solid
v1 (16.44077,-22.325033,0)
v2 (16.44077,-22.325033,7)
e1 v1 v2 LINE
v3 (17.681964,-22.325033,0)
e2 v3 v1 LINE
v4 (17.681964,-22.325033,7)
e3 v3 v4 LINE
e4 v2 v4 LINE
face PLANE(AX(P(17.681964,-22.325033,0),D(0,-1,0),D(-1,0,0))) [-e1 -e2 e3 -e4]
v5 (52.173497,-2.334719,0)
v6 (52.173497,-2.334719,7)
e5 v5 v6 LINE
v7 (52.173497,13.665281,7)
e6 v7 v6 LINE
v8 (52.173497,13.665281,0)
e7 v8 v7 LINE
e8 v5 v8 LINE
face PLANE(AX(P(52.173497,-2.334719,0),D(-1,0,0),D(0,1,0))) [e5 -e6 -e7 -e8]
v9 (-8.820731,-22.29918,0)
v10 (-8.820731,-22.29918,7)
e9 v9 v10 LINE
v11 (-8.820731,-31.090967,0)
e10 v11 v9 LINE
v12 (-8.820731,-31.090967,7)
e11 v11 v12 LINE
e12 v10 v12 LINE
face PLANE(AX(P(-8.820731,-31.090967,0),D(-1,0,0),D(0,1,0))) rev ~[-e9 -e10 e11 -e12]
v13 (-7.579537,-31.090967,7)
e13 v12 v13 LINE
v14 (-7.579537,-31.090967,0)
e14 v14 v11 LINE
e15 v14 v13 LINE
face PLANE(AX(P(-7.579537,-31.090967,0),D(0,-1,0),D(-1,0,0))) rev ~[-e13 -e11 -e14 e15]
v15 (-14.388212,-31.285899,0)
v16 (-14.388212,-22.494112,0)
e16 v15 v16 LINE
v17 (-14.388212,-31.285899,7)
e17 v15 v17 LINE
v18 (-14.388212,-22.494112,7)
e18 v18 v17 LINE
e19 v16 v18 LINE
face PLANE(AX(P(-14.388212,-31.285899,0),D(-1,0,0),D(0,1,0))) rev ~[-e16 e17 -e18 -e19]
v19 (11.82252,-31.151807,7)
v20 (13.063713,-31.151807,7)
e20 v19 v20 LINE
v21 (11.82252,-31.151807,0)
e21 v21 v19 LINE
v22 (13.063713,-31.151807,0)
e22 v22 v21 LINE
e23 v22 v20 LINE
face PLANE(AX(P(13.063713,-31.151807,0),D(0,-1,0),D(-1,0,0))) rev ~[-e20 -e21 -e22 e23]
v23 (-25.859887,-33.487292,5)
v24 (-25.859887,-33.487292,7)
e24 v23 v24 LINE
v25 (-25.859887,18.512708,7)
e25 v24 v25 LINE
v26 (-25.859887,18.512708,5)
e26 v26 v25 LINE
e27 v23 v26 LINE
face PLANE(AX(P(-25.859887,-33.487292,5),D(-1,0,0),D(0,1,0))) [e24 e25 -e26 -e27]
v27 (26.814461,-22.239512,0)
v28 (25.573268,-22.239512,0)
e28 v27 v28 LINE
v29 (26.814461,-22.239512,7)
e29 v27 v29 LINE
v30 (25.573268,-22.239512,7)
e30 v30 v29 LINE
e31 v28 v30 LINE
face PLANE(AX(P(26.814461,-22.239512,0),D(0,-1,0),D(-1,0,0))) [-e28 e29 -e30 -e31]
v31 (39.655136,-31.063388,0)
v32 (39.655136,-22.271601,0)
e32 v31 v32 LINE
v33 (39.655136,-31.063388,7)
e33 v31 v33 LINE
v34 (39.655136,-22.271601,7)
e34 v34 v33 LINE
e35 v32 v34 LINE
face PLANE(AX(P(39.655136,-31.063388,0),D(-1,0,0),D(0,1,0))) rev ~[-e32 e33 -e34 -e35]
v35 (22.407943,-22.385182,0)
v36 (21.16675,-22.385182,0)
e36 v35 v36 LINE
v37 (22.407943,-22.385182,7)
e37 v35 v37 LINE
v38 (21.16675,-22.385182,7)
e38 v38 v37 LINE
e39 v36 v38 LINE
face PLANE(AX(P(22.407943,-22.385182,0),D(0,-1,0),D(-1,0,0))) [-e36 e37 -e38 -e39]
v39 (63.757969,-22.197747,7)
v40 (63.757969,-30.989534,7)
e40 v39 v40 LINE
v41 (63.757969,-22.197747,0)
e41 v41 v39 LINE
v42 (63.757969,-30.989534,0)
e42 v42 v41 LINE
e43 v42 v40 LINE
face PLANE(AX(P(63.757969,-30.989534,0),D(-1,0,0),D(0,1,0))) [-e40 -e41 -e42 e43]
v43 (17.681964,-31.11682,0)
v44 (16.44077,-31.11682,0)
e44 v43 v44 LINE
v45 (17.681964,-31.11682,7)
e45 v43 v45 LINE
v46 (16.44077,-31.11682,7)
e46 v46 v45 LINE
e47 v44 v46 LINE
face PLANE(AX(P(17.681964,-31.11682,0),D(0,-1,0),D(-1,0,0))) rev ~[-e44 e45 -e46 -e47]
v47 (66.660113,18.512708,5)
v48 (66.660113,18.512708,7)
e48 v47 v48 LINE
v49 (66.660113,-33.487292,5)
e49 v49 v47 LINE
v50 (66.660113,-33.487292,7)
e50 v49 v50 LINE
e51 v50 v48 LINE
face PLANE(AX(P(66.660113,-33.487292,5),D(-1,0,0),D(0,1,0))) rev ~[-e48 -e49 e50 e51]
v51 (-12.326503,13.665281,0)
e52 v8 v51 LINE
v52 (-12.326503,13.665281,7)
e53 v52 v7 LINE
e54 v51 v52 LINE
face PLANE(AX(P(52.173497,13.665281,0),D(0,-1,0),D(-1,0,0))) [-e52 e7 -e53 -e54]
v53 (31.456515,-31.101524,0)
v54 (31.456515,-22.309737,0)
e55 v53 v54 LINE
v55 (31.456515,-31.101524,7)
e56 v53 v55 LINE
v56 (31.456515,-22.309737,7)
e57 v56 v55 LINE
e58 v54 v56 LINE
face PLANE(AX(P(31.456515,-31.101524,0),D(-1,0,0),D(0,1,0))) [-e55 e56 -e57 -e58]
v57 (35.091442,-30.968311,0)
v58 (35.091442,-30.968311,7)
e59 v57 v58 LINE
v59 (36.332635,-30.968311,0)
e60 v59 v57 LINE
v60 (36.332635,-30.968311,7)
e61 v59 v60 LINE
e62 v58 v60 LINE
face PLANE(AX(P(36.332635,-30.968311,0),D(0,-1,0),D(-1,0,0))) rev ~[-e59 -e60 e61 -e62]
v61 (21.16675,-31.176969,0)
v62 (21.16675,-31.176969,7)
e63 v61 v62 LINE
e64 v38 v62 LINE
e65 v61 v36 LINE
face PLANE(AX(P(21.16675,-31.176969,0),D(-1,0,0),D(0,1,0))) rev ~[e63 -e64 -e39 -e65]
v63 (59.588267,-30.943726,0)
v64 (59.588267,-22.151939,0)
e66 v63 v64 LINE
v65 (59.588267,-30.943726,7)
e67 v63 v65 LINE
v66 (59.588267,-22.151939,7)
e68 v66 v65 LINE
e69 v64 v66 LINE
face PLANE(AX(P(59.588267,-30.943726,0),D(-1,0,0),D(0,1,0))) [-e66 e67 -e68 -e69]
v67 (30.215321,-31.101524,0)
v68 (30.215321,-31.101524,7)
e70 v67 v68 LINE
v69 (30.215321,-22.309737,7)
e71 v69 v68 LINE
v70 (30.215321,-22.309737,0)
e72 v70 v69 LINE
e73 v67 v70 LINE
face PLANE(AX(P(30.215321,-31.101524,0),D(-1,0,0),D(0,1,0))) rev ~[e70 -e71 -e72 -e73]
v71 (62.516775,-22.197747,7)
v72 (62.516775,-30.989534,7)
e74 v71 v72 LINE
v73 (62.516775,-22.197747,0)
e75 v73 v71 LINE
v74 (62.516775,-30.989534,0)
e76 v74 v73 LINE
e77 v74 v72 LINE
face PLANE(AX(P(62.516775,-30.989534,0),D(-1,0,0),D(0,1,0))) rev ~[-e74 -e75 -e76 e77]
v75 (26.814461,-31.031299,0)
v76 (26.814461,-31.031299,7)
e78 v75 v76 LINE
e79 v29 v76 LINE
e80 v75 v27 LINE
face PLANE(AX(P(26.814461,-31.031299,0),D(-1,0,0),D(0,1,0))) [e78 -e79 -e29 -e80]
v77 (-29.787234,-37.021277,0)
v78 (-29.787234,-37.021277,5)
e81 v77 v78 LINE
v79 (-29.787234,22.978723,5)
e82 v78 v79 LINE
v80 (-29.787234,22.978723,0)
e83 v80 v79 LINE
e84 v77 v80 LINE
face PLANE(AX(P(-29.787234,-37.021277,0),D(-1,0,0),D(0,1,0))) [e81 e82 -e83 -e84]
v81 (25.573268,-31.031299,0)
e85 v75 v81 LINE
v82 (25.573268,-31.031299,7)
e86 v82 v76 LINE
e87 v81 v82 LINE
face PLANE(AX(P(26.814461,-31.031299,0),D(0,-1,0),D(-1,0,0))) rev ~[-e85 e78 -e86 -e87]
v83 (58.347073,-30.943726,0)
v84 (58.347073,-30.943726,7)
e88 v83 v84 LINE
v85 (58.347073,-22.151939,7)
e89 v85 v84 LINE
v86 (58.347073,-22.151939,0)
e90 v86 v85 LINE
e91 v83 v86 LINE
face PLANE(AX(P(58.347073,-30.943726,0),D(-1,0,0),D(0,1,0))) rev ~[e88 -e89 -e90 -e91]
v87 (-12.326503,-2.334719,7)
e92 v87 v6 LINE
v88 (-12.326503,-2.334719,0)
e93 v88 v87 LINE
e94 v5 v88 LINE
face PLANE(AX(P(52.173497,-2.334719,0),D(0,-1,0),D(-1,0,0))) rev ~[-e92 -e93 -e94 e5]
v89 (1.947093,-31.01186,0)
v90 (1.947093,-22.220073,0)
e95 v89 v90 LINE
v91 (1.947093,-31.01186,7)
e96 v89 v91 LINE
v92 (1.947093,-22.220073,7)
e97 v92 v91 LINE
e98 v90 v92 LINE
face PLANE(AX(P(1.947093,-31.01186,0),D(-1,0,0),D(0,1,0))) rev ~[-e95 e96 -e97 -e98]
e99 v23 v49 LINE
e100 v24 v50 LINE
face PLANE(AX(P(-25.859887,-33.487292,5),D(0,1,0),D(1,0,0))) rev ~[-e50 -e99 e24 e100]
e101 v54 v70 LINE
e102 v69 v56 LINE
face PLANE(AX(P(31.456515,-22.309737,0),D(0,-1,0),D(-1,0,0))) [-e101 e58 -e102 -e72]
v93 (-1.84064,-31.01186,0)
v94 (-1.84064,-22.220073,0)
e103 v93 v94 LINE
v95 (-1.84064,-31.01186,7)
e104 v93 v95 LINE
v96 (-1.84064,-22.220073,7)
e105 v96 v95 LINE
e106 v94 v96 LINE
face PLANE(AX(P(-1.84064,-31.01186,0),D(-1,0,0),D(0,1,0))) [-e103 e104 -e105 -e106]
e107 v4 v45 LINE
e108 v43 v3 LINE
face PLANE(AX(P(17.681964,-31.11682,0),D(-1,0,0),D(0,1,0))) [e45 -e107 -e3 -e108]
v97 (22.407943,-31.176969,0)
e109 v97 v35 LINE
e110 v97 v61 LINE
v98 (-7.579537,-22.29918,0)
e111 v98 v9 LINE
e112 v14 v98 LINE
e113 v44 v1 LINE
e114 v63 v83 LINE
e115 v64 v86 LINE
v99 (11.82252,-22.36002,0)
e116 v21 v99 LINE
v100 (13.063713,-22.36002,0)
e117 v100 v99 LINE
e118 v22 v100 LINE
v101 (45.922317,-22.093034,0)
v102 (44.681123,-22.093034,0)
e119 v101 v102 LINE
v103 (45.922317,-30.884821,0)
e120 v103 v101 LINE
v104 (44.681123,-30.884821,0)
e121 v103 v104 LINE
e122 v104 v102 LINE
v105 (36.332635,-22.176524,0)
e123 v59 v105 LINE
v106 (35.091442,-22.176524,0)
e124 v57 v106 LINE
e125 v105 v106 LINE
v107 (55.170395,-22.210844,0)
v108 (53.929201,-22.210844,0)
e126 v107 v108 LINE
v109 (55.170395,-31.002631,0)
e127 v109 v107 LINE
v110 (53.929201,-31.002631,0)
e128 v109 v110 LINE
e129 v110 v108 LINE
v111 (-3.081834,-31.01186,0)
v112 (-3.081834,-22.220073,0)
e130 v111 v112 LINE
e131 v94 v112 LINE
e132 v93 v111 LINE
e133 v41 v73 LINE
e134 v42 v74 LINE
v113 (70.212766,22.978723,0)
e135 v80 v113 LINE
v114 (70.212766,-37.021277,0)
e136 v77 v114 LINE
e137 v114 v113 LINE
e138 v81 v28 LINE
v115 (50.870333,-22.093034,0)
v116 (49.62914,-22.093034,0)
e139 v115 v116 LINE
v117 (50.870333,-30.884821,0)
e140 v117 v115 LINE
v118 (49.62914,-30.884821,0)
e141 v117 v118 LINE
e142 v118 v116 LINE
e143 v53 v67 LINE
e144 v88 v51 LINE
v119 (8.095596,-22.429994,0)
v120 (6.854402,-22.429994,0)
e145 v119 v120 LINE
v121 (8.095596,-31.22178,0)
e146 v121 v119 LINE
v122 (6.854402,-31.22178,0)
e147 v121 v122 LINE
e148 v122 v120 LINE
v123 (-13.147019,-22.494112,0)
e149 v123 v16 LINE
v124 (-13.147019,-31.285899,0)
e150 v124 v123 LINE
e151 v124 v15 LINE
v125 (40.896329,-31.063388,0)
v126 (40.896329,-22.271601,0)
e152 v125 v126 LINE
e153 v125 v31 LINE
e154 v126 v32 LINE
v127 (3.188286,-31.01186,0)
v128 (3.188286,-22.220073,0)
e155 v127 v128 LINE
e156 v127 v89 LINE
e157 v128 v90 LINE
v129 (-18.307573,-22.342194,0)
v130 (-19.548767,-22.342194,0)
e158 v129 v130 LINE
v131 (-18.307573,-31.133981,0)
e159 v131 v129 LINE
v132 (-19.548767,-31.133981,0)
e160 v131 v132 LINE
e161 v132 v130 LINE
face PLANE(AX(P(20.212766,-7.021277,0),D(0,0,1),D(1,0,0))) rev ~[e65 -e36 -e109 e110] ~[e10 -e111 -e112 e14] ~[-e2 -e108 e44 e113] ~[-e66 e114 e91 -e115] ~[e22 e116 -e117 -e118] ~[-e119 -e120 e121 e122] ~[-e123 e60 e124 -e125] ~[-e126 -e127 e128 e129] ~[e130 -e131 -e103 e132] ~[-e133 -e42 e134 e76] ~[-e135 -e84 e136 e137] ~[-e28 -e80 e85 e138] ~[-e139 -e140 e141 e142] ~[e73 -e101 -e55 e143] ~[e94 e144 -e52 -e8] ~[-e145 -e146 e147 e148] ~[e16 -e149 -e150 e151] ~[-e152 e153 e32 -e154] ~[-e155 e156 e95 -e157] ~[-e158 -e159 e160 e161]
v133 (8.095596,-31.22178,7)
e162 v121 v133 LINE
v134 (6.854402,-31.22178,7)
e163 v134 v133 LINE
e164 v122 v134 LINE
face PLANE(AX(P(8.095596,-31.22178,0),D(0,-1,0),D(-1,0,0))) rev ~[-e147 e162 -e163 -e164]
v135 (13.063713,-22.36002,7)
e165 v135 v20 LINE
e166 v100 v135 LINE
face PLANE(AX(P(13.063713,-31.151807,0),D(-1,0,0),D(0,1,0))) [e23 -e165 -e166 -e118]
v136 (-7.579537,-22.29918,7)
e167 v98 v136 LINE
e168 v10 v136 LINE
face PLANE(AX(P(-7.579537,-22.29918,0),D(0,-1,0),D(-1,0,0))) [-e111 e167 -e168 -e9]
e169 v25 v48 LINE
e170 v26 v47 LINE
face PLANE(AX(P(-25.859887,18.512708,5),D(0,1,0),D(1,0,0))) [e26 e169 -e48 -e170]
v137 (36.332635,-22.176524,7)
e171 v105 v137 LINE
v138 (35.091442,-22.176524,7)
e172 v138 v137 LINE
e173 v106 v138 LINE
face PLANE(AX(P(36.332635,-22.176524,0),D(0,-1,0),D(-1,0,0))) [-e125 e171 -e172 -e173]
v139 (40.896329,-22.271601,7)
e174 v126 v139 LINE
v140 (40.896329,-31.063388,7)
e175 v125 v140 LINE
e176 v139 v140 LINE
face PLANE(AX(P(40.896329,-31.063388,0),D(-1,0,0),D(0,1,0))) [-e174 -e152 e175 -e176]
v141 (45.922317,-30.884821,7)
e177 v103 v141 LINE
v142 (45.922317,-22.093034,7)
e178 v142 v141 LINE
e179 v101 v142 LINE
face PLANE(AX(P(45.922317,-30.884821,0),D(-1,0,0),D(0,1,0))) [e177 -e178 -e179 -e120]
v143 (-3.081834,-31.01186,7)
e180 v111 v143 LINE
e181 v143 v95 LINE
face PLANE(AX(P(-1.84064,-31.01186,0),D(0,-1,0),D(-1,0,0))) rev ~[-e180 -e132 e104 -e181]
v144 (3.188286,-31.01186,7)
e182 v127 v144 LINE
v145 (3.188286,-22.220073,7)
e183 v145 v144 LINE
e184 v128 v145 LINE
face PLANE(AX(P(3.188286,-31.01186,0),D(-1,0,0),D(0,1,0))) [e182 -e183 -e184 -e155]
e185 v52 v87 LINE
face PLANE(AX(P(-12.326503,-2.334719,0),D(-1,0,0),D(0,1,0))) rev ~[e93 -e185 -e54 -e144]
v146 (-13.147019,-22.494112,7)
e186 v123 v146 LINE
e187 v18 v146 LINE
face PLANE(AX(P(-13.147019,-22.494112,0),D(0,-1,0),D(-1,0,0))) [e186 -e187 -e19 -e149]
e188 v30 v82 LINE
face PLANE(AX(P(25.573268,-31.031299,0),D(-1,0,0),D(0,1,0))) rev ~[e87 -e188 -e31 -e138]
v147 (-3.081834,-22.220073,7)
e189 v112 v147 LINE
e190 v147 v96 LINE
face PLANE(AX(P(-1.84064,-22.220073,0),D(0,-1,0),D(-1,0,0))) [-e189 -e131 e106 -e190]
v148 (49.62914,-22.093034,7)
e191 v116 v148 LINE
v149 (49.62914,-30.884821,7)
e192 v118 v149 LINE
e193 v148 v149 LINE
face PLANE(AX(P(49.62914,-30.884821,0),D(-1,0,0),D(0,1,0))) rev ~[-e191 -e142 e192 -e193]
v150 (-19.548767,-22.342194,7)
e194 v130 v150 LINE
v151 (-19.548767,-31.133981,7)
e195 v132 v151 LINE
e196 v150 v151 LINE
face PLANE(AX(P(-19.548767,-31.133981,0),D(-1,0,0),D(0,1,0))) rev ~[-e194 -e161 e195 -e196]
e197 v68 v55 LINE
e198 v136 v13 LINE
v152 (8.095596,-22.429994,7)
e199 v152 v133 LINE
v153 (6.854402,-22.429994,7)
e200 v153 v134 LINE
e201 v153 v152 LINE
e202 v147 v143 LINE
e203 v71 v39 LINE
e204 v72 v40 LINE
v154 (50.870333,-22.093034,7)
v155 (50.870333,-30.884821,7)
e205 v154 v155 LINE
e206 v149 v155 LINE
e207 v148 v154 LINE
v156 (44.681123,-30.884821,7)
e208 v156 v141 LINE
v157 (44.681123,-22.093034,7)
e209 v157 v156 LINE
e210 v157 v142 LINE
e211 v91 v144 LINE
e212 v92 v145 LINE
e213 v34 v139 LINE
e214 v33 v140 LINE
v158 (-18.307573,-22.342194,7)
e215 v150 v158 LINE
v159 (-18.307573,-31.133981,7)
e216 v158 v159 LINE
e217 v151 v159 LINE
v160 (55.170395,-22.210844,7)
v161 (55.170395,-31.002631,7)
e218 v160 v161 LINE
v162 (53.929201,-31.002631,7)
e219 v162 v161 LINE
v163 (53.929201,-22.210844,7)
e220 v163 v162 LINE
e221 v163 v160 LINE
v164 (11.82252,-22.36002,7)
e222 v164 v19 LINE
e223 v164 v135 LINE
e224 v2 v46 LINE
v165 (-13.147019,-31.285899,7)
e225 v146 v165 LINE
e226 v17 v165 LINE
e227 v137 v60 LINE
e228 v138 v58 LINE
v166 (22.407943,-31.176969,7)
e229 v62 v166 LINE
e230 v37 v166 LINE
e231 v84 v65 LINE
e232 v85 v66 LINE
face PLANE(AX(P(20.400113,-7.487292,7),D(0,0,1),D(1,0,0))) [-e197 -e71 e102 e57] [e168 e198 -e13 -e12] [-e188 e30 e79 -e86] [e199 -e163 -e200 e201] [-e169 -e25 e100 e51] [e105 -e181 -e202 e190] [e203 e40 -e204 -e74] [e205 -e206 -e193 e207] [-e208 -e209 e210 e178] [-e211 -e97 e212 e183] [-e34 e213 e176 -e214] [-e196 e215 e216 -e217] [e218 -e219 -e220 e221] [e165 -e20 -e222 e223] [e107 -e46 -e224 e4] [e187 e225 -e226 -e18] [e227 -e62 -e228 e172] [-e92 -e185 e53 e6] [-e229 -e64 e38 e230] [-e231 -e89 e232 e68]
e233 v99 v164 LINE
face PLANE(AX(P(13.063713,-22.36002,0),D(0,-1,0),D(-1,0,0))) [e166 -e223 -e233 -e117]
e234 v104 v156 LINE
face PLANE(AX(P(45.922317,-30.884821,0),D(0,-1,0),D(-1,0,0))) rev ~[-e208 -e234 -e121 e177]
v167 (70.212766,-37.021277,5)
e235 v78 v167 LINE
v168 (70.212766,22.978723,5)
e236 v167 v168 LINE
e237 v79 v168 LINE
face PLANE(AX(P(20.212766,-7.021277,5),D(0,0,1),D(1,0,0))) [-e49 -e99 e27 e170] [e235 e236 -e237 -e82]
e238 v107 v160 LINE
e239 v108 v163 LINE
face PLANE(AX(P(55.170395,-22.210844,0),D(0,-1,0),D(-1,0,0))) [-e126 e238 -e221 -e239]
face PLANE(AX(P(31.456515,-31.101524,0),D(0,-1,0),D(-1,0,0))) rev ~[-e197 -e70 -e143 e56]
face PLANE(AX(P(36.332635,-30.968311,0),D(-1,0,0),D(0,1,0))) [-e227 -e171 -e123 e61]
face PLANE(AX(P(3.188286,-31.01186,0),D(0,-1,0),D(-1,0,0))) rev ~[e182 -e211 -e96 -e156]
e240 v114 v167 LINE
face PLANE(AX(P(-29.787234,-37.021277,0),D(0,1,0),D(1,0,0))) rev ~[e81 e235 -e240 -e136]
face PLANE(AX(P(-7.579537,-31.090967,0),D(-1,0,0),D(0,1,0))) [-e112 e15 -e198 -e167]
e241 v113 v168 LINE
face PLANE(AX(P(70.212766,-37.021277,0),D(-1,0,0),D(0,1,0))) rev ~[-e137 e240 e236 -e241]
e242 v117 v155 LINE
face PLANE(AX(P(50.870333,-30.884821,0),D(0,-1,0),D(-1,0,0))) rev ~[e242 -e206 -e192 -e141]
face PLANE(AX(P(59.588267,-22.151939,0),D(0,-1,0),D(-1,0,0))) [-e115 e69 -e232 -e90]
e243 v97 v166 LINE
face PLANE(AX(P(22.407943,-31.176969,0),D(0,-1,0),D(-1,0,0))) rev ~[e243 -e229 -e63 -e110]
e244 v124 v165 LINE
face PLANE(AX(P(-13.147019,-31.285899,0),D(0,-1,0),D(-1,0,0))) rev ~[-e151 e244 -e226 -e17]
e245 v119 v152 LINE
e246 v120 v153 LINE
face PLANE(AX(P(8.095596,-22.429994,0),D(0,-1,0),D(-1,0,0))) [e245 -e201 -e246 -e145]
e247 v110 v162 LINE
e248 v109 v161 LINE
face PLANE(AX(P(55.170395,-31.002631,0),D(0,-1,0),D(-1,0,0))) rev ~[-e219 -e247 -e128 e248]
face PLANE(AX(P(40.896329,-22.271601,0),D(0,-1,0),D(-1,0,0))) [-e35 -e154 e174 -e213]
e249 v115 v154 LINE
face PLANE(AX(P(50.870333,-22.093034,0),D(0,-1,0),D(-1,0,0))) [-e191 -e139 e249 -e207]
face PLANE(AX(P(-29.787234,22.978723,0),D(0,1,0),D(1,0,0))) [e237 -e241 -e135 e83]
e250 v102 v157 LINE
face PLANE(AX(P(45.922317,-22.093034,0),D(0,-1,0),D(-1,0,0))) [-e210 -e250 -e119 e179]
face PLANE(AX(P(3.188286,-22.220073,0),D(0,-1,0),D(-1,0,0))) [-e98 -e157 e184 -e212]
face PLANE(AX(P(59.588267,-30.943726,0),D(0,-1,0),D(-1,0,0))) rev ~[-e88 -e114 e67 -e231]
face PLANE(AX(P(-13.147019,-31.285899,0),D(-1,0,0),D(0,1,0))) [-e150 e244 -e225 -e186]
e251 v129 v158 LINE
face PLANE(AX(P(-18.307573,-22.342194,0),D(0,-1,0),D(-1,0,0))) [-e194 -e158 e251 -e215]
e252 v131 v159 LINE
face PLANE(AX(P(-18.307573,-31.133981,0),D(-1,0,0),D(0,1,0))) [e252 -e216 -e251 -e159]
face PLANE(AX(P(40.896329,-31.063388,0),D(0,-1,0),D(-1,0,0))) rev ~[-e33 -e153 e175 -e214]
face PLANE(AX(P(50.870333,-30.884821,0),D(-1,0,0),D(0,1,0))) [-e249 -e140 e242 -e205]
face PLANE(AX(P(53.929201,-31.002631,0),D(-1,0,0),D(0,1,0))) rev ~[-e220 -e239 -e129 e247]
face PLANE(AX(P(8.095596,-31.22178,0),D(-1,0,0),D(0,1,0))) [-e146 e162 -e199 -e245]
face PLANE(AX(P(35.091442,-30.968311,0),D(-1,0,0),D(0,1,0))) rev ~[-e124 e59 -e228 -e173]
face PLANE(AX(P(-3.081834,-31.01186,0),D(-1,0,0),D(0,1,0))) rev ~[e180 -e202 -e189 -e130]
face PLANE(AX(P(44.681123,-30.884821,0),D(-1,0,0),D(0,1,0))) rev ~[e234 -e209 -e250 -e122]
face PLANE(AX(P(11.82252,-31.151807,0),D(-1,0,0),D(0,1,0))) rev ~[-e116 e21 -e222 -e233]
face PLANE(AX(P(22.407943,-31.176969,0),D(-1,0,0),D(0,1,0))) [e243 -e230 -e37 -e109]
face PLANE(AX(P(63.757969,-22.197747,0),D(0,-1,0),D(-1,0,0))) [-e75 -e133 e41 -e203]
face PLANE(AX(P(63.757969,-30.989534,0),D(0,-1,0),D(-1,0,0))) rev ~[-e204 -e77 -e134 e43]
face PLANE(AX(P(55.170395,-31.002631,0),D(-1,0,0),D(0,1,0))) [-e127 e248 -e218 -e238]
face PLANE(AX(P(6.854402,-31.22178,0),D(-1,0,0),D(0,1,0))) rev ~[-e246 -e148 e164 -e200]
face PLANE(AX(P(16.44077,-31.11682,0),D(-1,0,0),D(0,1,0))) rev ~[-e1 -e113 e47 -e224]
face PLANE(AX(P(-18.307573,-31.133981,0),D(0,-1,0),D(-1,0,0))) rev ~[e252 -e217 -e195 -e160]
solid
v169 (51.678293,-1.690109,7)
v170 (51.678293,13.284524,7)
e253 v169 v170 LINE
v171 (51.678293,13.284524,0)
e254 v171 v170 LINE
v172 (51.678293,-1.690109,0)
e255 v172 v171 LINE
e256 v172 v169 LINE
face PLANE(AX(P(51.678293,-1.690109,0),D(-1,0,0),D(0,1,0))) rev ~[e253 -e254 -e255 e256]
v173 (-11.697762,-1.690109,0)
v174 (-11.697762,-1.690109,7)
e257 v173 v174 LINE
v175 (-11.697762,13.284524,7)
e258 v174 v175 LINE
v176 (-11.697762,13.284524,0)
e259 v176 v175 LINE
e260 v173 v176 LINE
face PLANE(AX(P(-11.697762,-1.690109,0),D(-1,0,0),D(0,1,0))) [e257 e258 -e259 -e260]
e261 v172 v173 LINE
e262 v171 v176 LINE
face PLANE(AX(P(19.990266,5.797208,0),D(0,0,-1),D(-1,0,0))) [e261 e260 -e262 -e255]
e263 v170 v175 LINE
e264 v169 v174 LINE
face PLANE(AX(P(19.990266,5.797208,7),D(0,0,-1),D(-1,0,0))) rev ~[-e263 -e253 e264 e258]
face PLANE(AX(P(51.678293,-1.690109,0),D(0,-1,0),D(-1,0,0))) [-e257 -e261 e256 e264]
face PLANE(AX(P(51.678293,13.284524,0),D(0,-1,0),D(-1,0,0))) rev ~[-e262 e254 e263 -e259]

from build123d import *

# Parameters (mm, degrees)
SKETCH2_W           = 100
SKETCH2_H           = 60
BOSS_EXTRUDE1_DEPTH = 5
SKETCH3_W           = 92.52
SKETCH3_H           = 52
BOSS_EXTRUDE2_DEPTH = 2
SKETCH4_W           = 64.5
SKETCH4_H           = 16
CUT_EXTRUDE1_DEPTH  = 14
SKETCH5_W           = 1.24119343
SKETCH5_H           = 8.791786798
SKETCH5_W_2         = 1.241193431
SKETCH5_H_2         = 8.791786797
CUT_EXTRUDE2_DEPTH  = 14
SKETCH6_W           = 1.24119343
SKETCH6_H           = 8.791786798
SKETCH6_W_2         = 1.241193431
CUT_EXTRUDE3_DEPTH  = 14
SKETCH7_W           = 63.376055327
SKETCH7_H           = 14.974633453
BOSS_EXTRUDE8_DEPTH = 7


with BuildPart() as part:
    # Sketch2 → Boss-Extrude1 (new body)
    with BuildSketch(Plane.XY):
        with Locations((20.212765957, -7.021276596)):
            Rectangle(SKETCH2_W, SKETCH2_H)
    extrude(amount=BOSS_EXTRUDE1_DEPTH)

    # Sketch3 → Boss-Extrude2 (add)
    with BuildSketch(Plane.XY.offset(5)):
        with Locations((20.40011256, -7.487292221)):
            Rectangle(SKETCH3_W, SKETCH3_H)
    extrude(amount=BOSS_EXTRUDE2_DEPTH)

    # Sketch4 → Cut-Extrude1 (cut)
    with BuildSketch(Plane(origin=(0, 0, 0), x_dir=(-1, 0, 0), z_dir=(0, 0, -1))):
        with Locations((-19.923496788, 5.665280576)):
            Rectangle(SKETCH4_W, SKETCH4_H)
    extrude(amount=-CUT_EXTRUDE1_DEPTH, mode=Mode.SUBTRACT)

    # Sketch5 → Cut-Extrude2 (cut)
    with BuildSketch(Plane(origin=(0, 0, 0), x_dir=(-1, 0, 0), z_dir=(0, 0, -1))):
        with Locations((-58.967669826, -26.54783239)):
            Rectangle(SKETCH5_W, SKETCH5_H)
        with Locations((-63.137372089, -26.593640335)):
            Rectangle(SKETCH5_W_2, SKETCH5_H)
        with Locations((-54.549798109, -26.606737346)):
            Rectangle(SKETCH5_W_2, SKETCH5_H)
        with Locations((-50.249736303, -26.488927434)):
            Rectangle(SKETCH5_W, SKETCH5_H_2)
        with Locations((-45.301719979, -26.488927434)):
            Rectangle(SKETCH5_W, SKETCH5_H_2)
        with Locations((-40.275732606, -26.667494155)):
            Rectangle(SKETCH5_W, SKETCH5_H)
        with Locations((-35.712038447, -26.572417194)):
            Rectangle(SKETCH5_W, SKETCH5_H)
        with Locations((-30.835918022, -26.705630403)):
            Rectangle(SKETCH5_W_2, SKETCH5_H)
        with Locations((-26.193864427, -26.635405439)):
            Rectangle(SKETCH5_W, SKETCH5_H_2)
        with Locations((-21.787346613, -26.781075449)):
            Rectangle(SKETCH5_W, SKETCH5_H)
        with Locations((-17.061367018, -26.720926789)):
            Rectangle(SKETCH5_W_2, SKETCH5_H)
        with Locations((-12.443116631, -26.755913534)):
            Rectangle(SKETCH5_W_2, SKETCH5_H)
        with Locations((-7.47499879, -26.825887025)):
            Rectangle(SKETCH5_W, SKETCH5_H)
        with Locations((-2.567689738, -26.615966553)):
            Rectangle(SKETCH5_W_2, SKETCH5_H)
        with Locations((2.461236892, -26.615966553)):
            Rectangle(SKETCH5_W, SKETCH5_H)
        with Locations((8.200133962, -26.695073308)):
            Rectangle(SKETCH5_W_2, SKETCH5_H)
    extrude(amount=-CUT_EXTRUDE2_DEPTH, mode=Mode.SUBTRACT)

    # Sketch6 → Cut-Extrude3 (cut)
    with BuildSketch(Plane(origin=(0, 0, 0), x_dir=(-1, 0, 0), z_dir=(0, 0, -1))):
        with Locations((13.767615527, -26.890005841)):
            Rectangle(SKETCH6_W, SKETCH6_H)
        with Locations((18.928169849, -26.738087529)):
            Rectangle(SKETCH6_W_2, SKETCH6_H)
    extrude(amount=-CUT_EXTRUDE3_DEPTH, mode=Mode.SUBTRACT)


with BuildPart() as body_2:
    # Sketch7 → Boss-Extrude8 (new body)
    with BuildSketch(Plane(origin=(0, 0, 0), x_dir=(-1, 0, 0), z_dir=(0, 0, -1))):
        with Locations((-19.990265658, 5.79720755)):
            Rectangle(SKETCH7_W, SKETCH7_H)
    extrude(amount=-BOSS_EXTRUDE8_DEPTH)


solid = Compound([part.part, body_2.part])
